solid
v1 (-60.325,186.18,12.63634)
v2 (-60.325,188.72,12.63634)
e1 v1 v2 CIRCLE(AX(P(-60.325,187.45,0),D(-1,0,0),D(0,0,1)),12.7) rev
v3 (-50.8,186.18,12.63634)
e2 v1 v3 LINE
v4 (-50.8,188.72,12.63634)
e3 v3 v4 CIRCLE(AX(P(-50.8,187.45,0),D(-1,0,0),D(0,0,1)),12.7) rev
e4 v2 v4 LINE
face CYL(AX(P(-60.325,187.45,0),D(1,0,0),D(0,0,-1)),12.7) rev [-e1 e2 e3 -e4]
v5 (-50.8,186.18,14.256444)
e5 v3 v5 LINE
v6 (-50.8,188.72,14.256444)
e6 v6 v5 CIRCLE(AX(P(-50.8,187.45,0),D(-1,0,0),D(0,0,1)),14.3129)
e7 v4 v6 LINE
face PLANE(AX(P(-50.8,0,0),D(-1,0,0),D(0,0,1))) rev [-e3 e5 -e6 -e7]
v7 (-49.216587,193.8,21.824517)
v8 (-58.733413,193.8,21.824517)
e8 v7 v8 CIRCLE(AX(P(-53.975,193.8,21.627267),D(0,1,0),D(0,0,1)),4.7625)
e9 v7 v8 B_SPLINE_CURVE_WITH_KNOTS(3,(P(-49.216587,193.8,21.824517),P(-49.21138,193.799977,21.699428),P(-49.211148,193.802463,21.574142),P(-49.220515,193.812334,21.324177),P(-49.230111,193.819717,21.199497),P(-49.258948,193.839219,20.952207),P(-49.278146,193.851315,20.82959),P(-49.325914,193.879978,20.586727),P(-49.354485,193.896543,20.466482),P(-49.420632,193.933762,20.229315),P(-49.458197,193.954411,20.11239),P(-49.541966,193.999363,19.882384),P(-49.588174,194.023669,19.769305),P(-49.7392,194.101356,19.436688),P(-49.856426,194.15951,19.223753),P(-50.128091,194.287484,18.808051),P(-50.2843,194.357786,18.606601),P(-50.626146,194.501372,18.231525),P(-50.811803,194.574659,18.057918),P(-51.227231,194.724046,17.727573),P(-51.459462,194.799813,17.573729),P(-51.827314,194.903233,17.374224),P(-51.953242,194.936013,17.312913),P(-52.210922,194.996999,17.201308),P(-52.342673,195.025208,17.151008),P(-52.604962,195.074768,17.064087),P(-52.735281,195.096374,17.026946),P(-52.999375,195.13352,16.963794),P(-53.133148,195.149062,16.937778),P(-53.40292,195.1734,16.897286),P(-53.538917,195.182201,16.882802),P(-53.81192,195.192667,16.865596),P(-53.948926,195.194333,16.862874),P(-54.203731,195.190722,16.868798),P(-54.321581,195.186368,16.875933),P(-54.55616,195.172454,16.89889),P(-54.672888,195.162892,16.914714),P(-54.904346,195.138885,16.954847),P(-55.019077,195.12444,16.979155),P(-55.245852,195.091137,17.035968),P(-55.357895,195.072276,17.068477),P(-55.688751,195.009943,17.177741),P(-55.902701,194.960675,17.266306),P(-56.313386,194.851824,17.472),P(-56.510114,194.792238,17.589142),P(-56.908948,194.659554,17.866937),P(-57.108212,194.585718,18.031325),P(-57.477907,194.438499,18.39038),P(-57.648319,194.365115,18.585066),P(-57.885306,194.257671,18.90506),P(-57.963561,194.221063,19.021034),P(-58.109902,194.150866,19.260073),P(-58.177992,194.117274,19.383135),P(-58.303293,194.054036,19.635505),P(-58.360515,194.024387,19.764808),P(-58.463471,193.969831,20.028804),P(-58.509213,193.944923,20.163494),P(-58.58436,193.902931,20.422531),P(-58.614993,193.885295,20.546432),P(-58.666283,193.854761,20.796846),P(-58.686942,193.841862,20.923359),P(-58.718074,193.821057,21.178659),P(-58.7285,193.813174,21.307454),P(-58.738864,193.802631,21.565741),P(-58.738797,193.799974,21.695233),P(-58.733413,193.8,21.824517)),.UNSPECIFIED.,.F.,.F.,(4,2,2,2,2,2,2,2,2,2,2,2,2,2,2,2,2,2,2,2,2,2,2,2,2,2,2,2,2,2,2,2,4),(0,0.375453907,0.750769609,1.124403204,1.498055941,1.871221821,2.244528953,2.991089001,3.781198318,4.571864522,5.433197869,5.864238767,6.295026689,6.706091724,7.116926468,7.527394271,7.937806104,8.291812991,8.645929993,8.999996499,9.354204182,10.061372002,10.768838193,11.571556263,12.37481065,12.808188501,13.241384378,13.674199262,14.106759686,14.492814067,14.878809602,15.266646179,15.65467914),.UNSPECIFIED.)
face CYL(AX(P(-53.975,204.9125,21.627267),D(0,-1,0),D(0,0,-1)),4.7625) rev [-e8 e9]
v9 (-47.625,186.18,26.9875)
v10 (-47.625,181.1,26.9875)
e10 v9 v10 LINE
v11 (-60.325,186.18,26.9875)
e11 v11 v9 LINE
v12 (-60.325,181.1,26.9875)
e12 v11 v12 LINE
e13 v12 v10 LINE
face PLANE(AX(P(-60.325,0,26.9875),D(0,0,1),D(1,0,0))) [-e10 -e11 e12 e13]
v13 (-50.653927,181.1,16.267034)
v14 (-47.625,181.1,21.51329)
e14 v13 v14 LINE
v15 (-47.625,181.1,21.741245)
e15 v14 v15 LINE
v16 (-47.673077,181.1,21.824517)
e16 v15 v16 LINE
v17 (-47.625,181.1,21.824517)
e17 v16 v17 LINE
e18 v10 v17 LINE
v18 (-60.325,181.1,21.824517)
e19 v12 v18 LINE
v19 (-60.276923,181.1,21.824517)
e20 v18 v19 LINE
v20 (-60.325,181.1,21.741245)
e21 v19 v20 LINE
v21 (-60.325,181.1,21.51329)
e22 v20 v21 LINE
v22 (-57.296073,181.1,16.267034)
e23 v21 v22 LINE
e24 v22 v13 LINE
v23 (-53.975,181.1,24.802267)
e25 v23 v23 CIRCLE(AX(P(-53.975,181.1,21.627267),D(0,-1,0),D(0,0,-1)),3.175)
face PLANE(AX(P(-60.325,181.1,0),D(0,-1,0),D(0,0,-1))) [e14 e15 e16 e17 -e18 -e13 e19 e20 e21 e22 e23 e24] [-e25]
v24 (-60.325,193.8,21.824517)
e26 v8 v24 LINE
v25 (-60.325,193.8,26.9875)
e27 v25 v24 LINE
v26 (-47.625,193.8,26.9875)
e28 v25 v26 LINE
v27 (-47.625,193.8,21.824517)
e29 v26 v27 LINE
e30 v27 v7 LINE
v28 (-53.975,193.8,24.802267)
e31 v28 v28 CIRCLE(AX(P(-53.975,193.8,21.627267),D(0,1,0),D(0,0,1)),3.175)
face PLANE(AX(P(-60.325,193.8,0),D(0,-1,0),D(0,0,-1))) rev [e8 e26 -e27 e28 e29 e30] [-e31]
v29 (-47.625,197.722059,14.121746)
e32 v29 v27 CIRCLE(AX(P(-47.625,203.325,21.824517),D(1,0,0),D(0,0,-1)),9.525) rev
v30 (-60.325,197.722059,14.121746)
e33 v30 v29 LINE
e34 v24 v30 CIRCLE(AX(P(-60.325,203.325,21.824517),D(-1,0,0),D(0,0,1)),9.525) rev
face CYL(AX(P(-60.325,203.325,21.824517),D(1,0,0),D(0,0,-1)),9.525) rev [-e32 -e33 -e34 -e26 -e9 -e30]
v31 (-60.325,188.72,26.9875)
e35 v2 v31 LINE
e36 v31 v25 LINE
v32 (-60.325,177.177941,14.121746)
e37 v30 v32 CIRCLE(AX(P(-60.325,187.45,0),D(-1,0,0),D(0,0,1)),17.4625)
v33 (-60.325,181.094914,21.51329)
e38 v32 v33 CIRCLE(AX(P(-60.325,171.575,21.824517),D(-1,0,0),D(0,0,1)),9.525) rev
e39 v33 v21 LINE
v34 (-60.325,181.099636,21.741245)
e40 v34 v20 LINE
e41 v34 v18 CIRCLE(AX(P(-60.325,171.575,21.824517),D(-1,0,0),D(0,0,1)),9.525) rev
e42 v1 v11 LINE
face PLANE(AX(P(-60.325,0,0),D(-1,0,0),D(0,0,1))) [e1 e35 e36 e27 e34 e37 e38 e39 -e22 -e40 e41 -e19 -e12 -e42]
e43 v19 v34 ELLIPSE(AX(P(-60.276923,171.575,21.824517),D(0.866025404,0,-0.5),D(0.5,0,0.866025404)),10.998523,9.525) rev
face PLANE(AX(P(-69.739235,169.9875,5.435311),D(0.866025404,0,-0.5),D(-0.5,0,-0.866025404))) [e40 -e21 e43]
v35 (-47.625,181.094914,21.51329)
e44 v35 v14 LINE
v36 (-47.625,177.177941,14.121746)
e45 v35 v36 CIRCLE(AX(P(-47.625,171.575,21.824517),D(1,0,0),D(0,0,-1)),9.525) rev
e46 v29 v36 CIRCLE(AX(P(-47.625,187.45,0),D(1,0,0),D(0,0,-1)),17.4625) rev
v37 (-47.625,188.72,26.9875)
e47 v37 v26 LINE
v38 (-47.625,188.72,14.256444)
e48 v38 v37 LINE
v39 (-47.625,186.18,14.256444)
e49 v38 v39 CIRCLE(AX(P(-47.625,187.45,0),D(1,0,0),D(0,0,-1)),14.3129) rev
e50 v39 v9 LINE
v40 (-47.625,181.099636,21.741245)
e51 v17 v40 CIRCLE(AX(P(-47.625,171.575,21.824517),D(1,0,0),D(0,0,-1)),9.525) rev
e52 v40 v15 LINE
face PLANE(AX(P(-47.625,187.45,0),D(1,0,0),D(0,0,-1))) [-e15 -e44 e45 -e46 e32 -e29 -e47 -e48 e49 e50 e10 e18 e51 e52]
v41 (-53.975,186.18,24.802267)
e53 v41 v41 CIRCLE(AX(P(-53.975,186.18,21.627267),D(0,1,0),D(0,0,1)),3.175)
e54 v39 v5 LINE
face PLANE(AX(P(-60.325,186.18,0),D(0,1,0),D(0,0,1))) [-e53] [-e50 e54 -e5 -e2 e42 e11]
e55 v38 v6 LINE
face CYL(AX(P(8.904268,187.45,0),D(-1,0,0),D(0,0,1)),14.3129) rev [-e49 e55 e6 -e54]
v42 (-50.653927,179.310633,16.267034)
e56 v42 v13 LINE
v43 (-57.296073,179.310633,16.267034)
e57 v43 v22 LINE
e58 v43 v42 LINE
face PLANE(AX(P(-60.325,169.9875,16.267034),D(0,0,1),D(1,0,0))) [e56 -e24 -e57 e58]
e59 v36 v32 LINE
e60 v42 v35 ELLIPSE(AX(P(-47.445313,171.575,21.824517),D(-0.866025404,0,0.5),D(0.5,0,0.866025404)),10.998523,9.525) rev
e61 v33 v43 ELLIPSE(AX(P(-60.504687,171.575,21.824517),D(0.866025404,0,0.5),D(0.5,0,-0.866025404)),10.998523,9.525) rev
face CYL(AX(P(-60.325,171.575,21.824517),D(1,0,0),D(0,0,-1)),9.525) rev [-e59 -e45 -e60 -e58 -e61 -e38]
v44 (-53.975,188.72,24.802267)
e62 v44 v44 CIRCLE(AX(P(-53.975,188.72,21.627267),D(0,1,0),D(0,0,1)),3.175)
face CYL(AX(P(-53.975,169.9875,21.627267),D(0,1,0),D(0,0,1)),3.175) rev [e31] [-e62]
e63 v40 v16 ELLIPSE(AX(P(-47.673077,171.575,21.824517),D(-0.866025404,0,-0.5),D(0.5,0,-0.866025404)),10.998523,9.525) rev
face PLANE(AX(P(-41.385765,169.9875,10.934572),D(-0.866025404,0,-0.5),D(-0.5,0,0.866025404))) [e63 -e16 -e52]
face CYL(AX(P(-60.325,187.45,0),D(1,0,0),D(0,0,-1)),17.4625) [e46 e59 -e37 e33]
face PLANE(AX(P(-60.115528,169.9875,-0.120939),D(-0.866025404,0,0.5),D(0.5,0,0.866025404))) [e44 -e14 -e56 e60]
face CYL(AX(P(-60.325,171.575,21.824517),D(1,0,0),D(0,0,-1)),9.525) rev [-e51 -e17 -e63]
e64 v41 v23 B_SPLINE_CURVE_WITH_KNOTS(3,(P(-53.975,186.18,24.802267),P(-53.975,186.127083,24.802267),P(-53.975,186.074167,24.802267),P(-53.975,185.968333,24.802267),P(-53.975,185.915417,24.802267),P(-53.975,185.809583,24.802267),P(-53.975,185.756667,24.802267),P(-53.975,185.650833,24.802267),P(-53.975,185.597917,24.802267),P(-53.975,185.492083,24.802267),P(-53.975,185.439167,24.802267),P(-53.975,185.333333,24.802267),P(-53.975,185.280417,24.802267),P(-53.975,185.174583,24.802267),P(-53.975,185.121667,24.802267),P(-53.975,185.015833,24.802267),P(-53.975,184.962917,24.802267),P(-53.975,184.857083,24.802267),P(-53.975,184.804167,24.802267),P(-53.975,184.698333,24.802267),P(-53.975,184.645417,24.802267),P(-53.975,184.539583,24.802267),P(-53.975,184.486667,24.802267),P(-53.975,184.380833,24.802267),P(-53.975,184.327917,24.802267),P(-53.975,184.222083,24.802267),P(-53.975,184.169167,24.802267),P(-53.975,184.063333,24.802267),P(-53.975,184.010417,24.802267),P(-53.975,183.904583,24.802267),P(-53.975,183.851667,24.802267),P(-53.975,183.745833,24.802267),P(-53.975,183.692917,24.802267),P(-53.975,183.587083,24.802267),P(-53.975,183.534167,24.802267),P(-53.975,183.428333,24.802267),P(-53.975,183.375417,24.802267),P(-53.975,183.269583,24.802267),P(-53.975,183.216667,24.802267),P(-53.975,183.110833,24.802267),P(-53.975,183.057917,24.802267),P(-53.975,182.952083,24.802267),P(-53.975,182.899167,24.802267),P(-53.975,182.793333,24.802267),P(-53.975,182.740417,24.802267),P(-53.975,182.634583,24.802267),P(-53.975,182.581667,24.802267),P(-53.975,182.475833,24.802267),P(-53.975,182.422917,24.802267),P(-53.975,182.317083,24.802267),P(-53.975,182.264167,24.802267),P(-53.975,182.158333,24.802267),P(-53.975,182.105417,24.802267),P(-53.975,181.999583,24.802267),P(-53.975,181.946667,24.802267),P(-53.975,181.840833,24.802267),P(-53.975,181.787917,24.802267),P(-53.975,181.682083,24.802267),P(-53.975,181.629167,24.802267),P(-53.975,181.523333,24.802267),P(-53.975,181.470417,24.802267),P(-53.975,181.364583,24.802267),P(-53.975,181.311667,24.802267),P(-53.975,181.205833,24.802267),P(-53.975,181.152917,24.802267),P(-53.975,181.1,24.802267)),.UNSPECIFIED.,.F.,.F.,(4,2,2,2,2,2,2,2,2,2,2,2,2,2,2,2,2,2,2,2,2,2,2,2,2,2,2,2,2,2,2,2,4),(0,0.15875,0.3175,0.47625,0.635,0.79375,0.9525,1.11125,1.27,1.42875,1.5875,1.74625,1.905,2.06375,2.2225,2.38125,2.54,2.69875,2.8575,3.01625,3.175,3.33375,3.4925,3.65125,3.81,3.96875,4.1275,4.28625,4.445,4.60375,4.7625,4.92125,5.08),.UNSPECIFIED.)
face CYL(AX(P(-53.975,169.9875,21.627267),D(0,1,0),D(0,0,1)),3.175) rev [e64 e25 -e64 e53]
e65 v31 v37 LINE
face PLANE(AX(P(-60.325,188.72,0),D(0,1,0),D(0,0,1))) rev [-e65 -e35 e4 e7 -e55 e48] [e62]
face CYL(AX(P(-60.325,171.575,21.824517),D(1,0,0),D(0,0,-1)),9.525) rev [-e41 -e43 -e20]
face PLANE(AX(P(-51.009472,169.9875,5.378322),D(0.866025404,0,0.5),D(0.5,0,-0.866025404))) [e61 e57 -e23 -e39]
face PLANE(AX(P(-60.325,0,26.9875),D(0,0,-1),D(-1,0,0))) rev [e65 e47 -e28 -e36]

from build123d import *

# Parameters (mm, degrees)
BOSS_EXTRUDE1_DEPTH = 9.525
BOSS_EXTRUDE2_START = -3.175
BOSS_EXTRUDE2_DEPTH = 3.175
FILLET1_R           = 9.525
SKETCH2_R           = 4.7625
SKETCH2_R_2         = 3.175
CUT_EXTRUDE1_DEPTH  = 71.245753875
SKETCH2_4_R         = 3.175
CUT_EXTRUDE2_DEPTH  = 71.245753961
CUT_EXTRUDE4_START  = -12.7
SKETCH2_6_R         = 4.7625
SKETCH2_6_R_2       = 3.175
CUT_EXTRUDE4_DEPTH  = 58.545753961


with BuildPart() as part:
    # Sketch1 → Boss-Extrude1 (new body)
    with BuildSketch(Plane.ZY.offset(50.8)):
        with BuildLine():
            ThreePointArc((12.636340451, 186.18), (-12.7, 187.45), (12.636340451, 188.72))
            Line((12.636340451, 188.72), (26.9875, 188.72))
            Line((26.9875, 188.72), (26.9875, 193.8))
            Line((26.9875, 193.8), (16.267034341, 193.8))
            ThreePointArc((16.267034341, 193.8), (-17.4625, 187.45), (16.267034341, 181.1))
            Line((16.267034341, 181.1), (26.9875, 181.1))
            Line((26.9875, 181.1), (26.9875, 186.18))
            Line((26.9875, 186.18), (12.636340451, 186.18))
        make_face()
    extrude(amount=BOSS_EXTRUDE1_DEPTH)

    # Sketch1<4> → Boss-Extrude2 (add)
    with BuildSketch(Plane.ZY.offset(50.8).offset(BOSS_EXTRUDE2_START)):
        with BuildLine():
            Line((17.416256953, 186.18), (14.256444382, 186.18))
            ThreePointArc((14.256444382, 186.18), (-14.3129, 187.45), (14.256444382, 188.72))
            Line((14.256444382, 188.72), (17.416256953, 188.72))
            ThreePointArc((17.416256953, 188.72), (17.032105803, 191.303086834), (16.267034341, 193.8))
            ThreePointArc((16.267034341, 193.8), (-17.4625, 187.45), (16.267034341, 181.1))
            ThreePointArc((16.267034341, 181.1), (17.032105803, 183.596913166), (17.416256953, 186.18))
        make_face()
        with BuildLine():
            ThreePointArc((16.267034341, 193.8), (17.032105803, 191.303086834), (17.416256953, 188.72))
            Line((17.416256953, 188.72), (26.9875, 188.72))
            Line((26.9875, 188.72), (26.9875, 193.8))
            Line((26.9875, 193.8), (16.267034341, 193.8))
        make_face()
        with BuildLine():
            Line((26.9875, 186.18), (17.416256953, 186.18))
            ThreePointArc((17.416256953, 186.18), (17.032105803, 183.596913166), (16.267034341, 181.1))
            Line((16.267034341, 181.1), (26.9875, 181.1))
            Line((26.9875, 181.1), (26.9875, 186.18))
        make_face()
    extrude(amount=BOSS_EXTRUDE2_DEPTH)

    # Fillet1
    fillet1_edges = [part.edges().sort_by_distance(p)[0] for p in [
        (-53.975, 181.1, 16.267034341),
        (-53.975, 193.8, 16.267034341),
    ]]
    fillet(fillet1_edges, radius=FILLET1_R)

    # Sketch2 → Cut-Extrude1 (cut, through all)
    # profile 1 of 2: a face of its own
    with BuildSketch(Plane(origin=(0, 193.8, 0), x_dir=(1, 0, 0), z_dir=(0, 1, 0))):
        with Locations((-53.975, -21.62726717)):
            Circle(SKETCH2_R)
        with Locations((-53.975, -21.62726717)):
            Circle(SKETCH2_R_2, mode=Mode.SUBTRACT)
    # profile 2 of 2: a face of its own
    with BuildSketch(Plane(origin=(0, 193.8, 0), x_dir=(1, 0, 0), z_dir=(0, 1, 0))):
        with Locations((-53.975, -21.62726717)):
            Circle(SKETCH2_R_2)
    extrude(amount=CUT_EXTRUDE1_DEPTH, mode=Mode.SUBTRACT)

    # Sketch2<4> → Cut-Extrude2 (cut, through all)
    with BuildSketch(Plane(origin=(0, 193.8, 0), x_dir=(1, 0, 0), z_dir=(0, 1, 0))):
        with Locations(Location((-53.975, -21.62726717, 0), (0, 0, 270))):
            Circle(SKETCH2_4_R)
    extrude(amount=-CUT_EXTRUDE2_DEPTH, mode=Mode.SUBTRACT)

    # Sketch2<6> → Cut-Extrude4 (cut, through all)
    # profile 1 of 3: a face of its own
    with BuildSketch(Plane(origin=(0, 193.8, 0), x_dir=(1, 0, 0), z_dir=(0, 1, 0)).offset(CUT_EXTRUDE4_START)):
        Polygon((-60.325, -21.513289799), (-60.325, -21.741244542), (-57.296072999, -26.9875), (-50.653927001, -26.9875), (-47.625, -21.741244542), (-47.625, -21.513289799), (-50.653927001, -16.267034341), (-57.296072999, -16.267034341), align=None)
        with Locations((-53.975, -21.62726717)):
            Circle(SKETCH2_6_R, mode=Mode.SUBTRACT)
    # profile 2 of 3: a face of its own
    with BuildSketch(Plane(origin=(0, 193.8, 0), x_dir=(1, 0, 0), z_dir=(0, 1, 0)).offset(CUT_EXTRUDE4_START)):
        with Locations((-53.975, -21.62726717)):
            Circle(SKETCH2_6_R)
        with Locations(Location((-53.975, -21.62726717, 0), (0, 0, 270))):
            Circle(SKETCH2_6_R_2, mode=Mode.SUBTRACT)
    # profile 3 of 3: a face of its own
    with BuildSketch(Plane(origin=(0, 193.8, 0), x_dir=(1, 0, 0), z_dir=(0, 1, 0)).offset(CUT_EXTRUDE4_START)):
        with Locations(Location((-53.975, -21.62726717, 0), (0, 0, 270))):
            Circle(SKETCH2_6_R_2)
    extrude(amount=-CUT_EXTRUDE4_DEPTH, mode=Mode.SUBTRACT)


solid = part.part
